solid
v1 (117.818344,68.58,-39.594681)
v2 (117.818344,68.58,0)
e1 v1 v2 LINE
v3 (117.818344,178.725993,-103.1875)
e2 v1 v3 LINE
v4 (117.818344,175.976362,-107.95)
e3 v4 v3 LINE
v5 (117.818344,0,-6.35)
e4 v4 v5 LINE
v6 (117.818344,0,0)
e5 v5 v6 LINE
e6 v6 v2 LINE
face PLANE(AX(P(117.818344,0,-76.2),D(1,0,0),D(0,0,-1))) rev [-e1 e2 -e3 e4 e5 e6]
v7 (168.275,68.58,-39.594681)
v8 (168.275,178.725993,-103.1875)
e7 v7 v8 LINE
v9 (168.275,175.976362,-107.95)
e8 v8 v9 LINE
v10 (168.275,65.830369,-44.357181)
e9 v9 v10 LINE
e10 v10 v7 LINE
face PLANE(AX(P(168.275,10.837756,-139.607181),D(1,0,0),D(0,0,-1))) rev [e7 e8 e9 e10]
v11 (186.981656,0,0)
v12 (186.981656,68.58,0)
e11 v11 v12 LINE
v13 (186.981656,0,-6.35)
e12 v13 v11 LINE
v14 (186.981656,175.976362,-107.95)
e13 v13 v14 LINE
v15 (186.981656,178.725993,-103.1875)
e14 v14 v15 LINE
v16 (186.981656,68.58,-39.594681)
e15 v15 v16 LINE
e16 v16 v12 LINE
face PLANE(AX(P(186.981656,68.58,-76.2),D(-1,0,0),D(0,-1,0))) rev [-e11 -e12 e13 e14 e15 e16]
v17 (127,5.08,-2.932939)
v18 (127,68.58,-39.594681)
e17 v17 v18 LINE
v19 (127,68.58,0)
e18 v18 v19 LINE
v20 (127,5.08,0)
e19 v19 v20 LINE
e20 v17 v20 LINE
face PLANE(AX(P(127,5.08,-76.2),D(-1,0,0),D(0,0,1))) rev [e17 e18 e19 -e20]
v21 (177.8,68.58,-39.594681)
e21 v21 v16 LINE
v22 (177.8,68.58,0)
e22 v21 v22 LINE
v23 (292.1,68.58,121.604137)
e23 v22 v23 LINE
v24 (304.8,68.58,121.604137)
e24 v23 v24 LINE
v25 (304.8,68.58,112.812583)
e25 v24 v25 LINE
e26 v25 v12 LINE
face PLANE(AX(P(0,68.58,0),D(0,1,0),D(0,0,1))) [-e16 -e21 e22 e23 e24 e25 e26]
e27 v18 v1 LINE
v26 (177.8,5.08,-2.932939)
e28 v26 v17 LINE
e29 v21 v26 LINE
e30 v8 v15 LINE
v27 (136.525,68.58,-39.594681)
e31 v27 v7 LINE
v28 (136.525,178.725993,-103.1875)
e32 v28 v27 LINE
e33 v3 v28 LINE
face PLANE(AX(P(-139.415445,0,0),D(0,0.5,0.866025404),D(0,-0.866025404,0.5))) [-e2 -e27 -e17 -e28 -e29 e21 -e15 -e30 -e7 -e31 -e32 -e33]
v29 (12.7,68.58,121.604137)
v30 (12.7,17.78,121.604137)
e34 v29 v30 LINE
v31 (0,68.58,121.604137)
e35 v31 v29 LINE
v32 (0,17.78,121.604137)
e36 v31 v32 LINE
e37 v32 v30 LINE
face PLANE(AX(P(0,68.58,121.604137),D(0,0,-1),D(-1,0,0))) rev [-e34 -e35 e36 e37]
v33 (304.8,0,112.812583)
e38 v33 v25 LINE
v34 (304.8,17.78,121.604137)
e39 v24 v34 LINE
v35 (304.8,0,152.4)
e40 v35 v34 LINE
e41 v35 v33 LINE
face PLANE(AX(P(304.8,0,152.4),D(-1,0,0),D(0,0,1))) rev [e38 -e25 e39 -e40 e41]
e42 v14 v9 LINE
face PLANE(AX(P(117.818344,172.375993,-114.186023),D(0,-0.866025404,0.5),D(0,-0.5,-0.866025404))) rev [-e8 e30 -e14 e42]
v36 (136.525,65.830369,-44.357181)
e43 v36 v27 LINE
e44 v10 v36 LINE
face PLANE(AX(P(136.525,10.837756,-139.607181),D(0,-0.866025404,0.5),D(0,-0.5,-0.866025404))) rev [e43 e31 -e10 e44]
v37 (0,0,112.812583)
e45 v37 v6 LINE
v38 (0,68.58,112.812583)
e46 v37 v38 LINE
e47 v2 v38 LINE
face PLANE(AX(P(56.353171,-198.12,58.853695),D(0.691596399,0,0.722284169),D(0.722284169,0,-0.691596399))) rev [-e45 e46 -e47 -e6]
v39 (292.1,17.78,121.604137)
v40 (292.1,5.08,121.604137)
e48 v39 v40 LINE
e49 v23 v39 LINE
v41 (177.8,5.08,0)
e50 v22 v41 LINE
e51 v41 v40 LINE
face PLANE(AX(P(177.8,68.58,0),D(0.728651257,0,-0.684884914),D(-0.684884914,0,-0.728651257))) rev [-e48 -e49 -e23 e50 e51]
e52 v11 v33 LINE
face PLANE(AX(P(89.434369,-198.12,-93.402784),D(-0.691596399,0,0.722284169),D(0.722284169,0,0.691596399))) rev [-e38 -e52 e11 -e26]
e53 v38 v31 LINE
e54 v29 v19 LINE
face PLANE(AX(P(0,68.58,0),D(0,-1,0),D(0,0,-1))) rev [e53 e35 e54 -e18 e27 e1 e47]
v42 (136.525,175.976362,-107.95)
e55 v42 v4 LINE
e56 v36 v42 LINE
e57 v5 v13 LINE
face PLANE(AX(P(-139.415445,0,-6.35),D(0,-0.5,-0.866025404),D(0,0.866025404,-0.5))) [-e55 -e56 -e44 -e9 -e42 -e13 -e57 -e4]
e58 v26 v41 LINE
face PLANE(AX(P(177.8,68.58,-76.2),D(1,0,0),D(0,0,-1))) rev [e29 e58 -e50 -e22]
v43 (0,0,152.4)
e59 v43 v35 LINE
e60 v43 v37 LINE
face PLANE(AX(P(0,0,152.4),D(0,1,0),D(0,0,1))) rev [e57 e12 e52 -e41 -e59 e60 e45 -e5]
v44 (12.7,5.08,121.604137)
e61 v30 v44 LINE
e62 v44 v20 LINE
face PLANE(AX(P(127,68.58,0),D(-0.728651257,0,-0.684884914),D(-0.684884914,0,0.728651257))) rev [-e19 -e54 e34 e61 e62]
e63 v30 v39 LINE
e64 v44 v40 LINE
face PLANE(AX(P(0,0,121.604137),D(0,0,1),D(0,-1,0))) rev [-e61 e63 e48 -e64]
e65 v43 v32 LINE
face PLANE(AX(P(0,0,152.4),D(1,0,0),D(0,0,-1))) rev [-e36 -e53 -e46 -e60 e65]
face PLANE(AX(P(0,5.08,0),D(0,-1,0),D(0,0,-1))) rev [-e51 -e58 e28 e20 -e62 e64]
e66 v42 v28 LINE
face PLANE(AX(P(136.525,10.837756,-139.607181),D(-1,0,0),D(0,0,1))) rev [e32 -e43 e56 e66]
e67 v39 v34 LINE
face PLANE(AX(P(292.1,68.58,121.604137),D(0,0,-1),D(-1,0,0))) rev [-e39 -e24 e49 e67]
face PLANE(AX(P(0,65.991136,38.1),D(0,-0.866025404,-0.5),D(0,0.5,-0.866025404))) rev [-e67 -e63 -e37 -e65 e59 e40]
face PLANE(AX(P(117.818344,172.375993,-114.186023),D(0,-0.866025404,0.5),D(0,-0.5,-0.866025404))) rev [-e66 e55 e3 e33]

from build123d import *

# Parameters (mm, degrees)
SKETCH2_W           = 304.8
SKETCH2_H           = 17.78
BOSS_EXTRUDE1_DEPTH = 152.4
SKETCH3_W           = 121.604136641
SKETCH3_H           = 12.7
CUT_EXTRUDE1_DEPTH  = 305.8
CUT_EXTRUDE2_DEPTH  = 203.2
BOSS_EXTRUDE6_DEPTH = 63.5
BOSS_EXTRUDE8_DEPTH = 76.2
BOSS_EXTRUDE9_DEPTH = 69.163311
CUT_EXTRUDE4_REACH  = 230.6
SKETCH14_W          = 31.75
SKETCH14_H          = 203.2
CUT_EXTRUDE5_DEPTH  = 116.484487595
SKETCH15_W          = 69.163311332
SKETCH15_H          = 50.8
CUT_EXTRUDE6_DEPTH  = 12.7


with BuildPart() as part:
    # Sketch2 → Boss-Extrude1 (new body)
    with BuildSketch(Plane.XY):
        with Locations((152.4, 8.89)):
            Rectangle(SKETCH2_W, SKETCH2_H)
    extrude(amount=BOSS_EXTRUDE1_DEPTH)

    # Sketch3 → Cut-Extrude1 (cut, through all)
    with BuildSketch(Plane(origin=(304.8, 0, 0), x_dir=(0, 0, -1), z_dir=(1, 0, 0))):
        Polygon((-152.4, 17.78), (-152.4, 0), (-121.604136641, 17.78), align=None)
        with Locations((-60.802068321, 11.43)):
            Rectangle(SKETCH3_W, SKETCH3_H)
    extrude(amount=-CUT_EXTRUDE1_DEPTH, mode=Mode.SUBTRACT)

    # Sketch4 → Cut-Extrude2 (cut)
    with BuildSketch(Plane(origin=(0, 5.08, 0), x_dir=(1, 0, 0), z_dir=(0, 1, 0))):
        Polygon((0, 0), (0, -112.812583018), (117.818344334, 0), align=None)
        Polygon((304.8, 0), (186.981655666, 0), (304.8, -112.812583018), align=None)
    extrude(amount=-CUT_EXTRUDE2_DEPTH, mode=Mode.SUBTRACT)

    # Sketch5 → Boss-Extrude6 (add)
    with BuildSketch(Plane(origin=(0, 5.08, 0), x_dir=(1, 0, 0), z_dir=(0, 1, 0))):
        Polygon((127, 0), (117.818344334, 0), (0, -112.812583018), (0, -121.604136641), (12.7, -121.604136641), align=None)
        Polygon((177.8, 0), (186.981655666, 0), (304.8, -112.812583018), (304.8, -121.604136641), (292.1, -121.604136641), align=None)
    extrude(amount=BOSS_EXTRUDE6_DEPTH)

    # Sketch8 → Boss-Extrude8 (add)
    with BuildSketch(Plane(origin=(0, 0, 0), x_dir=(-1, 0, 0), z_dir=(0, 0, -1))):
        Polygon((-186.981655666, 68.58), (-186.981655666, 0), (-117.818344334, 0), (-117.818344334, 68.58), (-127, 68.58), (-127, 5.08), (-177.8, 5.08), (-177.8, 68.58), align=None)
    extrude(amount=BOSS_EXTRUDE8_DEPTH)

    # Sketch10 → Boss-Extrude9 (add)
    with BuildSketch(Plane(origin=(186.981655666, 0, 0), x_dir=(0, 0, -1), z_dir=(1, 0, 0))):
        Polygon((6.35, 0), (0, 0), (127, 219.970452561), (133.35, 219.970452561), align=None)
    extrude(amount=-BOSS_EXTRUDE9_DEPTH)

    # Cut-Extrude4: up to this face of the body (flat: up to its plane)
    cut_extrude4_end = Plane(part.part.faces().sort_by_distance((152.400000127, 118.969659324, -75.037164836))[0])
    # Sketch12 → Cut-Extrude4 (cut, up to the picked face)
    with BuildSketch(Plane(origin=(0, 0, -76.2), x_dir=(-1, 0, 0), z_dir=(0, 0, -1)), mode=Mode.PRIVATE) as cut_extrude4_sk1:
        Polygon((-186.981655666, 0), (-186.981655666, 68.58), (-177.8, 68.58), (-177.8, 5.08), (-127, 5.08), (-127, 68.58), (-117.818344334, 68.58), (-117.818344334, 0), align=None)
    cut_extrude4_tool1 = split(extrude(cut_extrude4_sk1.sketch, amount=-CUT_EXTRUDE4_REACH, mode=Mode.PRIVATE), bisect_by=cut_extrude4_end, keep=Keep.BOTH, mode=Mode.PRIVATE)
    add(cut_extrude4_tool1.solids().sort_by_distance((186.007655, 34.29, -76.2))[0], mode=Mode.SUBTRACT)

    # Sketch14 → Cut-Extrude5 (cut, through all)
    with BuildSketch(Plane(origin=(0, 0, 0), x_dir=(1, 0, 0), z_dir=(0, 0.5, 0.866025404))):
        with Locations((152.4, 180.789362922)):
            Rectangle(SKETCH14_W, SKETCH14_H)
    extrude(amount=-CUT_EXTRUDE5_DEPTH, mode=Mode.SUBTRACT)

    # Sketch15 → Cut-Extrude6 (cut)
    with BuildSketch(Plane(origin=(0, 0, 0), x_dir=(1, 0, 0), z_dir=(0, 0.5, 0.866025404))):
        with Locations((152.4, 231.775)):
            Rectangle(SKETCH15_W, SKETCH15_H)
    extrude(amount=-CUT_EXTRUDE6_DEPTH, mode=Mode.SUBTRACT)


solid = part.part
